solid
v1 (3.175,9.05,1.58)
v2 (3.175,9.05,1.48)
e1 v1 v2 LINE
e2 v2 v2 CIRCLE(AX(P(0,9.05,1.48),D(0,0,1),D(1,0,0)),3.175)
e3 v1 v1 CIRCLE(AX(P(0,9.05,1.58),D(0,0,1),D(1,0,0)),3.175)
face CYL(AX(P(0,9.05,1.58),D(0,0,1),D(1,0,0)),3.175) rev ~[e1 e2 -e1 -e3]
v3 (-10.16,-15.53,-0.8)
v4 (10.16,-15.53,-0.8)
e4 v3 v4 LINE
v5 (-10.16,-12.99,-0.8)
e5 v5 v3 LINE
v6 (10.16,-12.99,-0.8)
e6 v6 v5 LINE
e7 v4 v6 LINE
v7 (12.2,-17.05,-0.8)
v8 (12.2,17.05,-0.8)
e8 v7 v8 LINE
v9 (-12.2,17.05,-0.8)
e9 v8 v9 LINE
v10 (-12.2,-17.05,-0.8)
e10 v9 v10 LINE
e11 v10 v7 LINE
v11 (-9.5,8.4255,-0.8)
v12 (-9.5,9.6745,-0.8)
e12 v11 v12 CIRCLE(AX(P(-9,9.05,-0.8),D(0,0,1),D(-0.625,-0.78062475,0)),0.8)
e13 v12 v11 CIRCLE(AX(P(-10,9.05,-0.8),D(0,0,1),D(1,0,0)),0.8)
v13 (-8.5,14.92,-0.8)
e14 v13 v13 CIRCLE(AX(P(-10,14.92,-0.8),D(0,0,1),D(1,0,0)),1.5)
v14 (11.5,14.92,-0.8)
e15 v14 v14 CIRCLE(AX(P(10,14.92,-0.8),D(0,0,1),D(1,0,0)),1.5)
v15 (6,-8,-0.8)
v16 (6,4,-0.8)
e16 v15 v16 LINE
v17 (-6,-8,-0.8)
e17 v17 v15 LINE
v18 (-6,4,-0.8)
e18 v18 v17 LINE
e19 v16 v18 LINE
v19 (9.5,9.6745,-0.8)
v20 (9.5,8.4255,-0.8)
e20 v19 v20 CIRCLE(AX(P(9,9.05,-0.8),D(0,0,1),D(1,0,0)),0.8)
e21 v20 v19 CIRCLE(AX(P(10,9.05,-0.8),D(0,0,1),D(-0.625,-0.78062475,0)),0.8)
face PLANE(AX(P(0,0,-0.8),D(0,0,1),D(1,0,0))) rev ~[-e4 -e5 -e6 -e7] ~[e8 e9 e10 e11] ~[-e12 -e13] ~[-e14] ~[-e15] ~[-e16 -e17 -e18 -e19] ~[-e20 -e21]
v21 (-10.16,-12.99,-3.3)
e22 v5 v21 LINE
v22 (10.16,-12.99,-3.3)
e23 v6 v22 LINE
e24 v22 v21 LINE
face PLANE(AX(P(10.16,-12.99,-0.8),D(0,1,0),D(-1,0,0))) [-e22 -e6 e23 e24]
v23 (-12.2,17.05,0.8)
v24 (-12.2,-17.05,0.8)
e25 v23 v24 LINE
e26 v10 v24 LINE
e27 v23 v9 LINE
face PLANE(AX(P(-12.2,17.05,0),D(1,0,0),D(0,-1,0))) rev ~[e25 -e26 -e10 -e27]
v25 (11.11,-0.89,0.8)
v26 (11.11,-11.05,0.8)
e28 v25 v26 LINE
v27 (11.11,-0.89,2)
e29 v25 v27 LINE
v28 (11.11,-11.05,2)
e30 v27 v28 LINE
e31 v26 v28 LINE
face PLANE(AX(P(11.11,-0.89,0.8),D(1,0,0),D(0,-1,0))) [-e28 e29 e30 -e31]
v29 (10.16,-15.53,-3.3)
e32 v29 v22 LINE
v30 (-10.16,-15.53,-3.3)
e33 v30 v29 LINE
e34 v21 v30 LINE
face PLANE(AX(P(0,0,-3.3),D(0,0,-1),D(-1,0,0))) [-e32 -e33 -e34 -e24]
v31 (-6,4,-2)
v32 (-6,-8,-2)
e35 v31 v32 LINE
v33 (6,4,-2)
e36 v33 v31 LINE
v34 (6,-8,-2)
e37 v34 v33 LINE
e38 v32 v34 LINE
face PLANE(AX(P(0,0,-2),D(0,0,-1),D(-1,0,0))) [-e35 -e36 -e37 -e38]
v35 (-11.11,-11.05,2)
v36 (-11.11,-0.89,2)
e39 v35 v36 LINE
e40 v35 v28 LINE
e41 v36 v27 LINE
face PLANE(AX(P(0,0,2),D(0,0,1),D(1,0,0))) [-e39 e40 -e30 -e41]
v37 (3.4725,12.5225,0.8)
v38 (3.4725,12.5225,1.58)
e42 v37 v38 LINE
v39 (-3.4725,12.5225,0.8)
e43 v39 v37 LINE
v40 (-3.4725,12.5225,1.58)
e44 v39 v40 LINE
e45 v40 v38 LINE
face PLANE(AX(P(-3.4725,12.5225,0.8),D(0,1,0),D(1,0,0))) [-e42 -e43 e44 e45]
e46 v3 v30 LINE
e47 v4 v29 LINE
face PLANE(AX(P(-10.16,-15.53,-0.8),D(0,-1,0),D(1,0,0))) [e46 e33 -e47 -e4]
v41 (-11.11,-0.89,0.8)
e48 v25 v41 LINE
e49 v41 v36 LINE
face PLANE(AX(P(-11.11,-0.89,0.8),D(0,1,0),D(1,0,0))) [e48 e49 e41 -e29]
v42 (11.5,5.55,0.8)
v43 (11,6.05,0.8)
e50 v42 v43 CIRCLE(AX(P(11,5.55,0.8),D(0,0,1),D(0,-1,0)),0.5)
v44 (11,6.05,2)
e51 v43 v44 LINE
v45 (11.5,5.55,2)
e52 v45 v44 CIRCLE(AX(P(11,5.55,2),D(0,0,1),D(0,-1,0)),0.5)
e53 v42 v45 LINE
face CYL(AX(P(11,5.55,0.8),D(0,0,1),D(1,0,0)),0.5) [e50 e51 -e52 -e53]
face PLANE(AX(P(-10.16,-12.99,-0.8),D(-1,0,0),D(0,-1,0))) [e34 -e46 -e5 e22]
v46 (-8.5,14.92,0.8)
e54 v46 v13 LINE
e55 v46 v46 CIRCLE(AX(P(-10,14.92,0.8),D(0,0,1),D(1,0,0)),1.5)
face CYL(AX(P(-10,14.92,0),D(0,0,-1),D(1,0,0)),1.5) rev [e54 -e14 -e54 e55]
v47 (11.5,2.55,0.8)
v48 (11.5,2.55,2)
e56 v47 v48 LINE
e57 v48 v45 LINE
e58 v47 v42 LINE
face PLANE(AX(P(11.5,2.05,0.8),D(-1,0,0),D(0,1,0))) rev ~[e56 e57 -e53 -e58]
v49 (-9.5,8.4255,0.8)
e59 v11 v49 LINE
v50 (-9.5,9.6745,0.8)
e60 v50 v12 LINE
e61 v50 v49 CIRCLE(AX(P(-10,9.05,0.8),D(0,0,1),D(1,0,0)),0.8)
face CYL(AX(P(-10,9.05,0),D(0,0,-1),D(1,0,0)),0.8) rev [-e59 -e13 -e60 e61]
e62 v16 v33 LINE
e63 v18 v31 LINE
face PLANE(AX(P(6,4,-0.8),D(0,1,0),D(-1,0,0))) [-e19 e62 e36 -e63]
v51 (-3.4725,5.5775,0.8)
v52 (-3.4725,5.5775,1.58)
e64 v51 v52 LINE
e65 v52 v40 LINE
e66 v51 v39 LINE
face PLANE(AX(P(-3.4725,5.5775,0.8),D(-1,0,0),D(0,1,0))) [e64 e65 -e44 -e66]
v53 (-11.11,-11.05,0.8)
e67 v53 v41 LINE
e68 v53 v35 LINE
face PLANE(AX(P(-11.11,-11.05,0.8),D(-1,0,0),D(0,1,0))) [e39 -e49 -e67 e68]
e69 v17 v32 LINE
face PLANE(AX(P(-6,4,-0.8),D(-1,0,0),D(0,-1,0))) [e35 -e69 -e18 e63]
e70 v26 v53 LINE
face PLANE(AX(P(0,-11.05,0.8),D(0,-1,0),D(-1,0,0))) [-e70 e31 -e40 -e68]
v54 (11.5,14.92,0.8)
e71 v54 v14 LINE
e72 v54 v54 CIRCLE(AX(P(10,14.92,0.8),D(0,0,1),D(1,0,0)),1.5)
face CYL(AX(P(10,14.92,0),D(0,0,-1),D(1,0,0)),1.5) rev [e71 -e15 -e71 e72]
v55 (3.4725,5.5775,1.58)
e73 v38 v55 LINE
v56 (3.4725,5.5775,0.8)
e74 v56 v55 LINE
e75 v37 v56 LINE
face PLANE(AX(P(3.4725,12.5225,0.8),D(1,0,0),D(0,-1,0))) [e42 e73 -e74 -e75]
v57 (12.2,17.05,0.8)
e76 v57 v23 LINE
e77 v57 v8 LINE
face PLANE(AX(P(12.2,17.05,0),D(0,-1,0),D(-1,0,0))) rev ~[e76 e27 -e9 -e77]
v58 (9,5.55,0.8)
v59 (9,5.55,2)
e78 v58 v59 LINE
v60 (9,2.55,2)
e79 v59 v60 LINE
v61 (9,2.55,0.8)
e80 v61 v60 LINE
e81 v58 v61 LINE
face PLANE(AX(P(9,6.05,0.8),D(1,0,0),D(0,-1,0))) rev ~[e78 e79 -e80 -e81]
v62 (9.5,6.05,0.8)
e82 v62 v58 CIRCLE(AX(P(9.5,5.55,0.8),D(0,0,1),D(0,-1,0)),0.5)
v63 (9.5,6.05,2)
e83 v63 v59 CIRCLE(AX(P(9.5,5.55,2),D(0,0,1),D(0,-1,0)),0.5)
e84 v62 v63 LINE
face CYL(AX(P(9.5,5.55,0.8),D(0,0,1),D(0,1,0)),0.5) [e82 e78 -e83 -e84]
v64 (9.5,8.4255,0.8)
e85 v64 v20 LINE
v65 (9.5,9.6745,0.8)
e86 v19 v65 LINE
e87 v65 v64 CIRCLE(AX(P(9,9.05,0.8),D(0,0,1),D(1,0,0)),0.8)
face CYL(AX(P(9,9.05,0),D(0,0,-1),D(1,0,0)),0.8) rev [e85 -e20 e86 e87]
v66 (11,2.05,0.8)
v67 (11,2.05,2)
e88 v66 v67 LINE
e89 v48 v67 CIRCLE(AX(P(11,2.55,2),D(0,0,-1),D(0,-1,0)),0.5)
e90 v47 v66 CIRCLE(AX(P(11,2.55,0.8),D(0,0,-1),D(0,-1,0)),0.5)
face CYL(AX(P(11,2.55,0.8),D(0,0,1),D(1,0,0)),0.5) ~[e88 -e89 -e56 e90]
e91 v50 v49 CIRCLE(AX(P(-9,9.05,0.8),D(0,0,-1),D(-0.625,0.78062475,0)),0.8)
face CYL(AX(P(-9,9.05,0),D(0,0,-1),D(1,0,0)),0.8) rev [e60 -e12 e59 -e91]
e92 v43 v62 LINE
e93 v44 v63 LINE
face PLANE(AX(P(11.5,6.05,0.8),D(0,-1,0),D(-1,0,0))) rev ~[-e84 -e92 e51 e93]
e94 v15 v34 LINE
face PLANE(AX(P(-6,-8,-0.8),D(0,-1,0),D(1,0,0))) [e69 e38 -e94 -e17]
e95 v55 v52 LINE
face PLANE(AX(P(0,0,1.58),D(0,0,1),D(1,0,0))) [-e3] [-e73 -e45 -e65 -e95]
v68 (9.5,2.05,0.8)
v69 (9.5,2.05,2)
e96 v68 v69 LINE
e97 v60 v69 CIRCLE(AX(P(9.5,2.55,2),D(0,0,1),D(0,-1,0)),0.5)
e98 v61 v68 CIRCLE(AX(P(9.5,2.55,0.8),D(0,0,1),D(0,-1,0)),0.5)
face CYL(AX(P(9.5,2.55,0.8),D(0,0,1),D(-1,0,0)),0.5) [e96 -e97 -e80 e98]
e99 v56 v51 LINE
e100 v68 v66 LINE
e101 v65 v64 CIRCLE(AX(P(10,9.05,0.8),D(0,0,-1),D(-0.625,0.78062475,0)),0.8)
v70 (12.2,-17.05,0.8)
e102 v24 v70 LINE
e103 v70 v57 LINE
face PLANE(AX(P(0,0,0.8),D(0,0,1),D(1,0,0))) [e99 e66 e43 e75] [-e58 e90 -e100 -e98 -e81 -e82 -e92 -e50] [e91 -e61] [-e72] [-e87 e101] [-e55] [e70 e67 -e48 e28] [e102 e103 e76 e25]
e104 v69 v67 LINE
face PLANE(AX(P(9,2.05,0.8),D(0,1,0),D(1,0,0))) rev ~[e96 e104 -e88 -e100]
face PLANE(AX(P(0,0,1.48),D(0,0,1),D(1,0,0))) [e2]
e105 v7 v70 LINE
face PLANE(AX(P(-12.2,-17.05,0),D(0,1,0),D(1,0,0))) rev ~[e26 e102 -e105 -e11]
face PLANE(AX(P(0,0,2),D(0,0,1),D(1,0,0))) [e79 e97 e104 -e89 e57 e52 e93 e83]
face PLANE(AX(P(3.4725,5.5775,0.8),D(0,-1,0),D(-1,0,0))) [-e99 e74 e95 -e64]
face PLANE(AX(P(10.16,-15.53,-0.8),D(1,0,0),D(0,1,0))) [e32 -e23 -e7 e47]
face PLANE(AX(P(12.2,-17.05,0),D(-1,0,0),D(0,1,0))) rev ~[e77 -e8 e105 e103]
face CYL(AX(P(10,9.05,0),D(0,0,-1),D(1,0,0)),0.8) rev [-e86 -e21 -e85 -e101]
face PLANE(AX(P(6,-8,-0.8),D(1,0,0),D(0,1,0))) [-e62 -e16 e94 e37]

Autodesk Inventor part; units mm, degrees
ref_plane "YZ Plane" through (0, 0, 0) normal (1, 0, 0) x (0, 1, 0)
ref_plane "XZ Plane" through (0, 0, 0) normal (0, 1, 0) x (-1, 0, 0)
ref_plane "XY Plane" through (0, 0, 0) normal (0, 0, 1) x (1, 0, 0)
sketch "Sketch1" plane through (0, 0, 0) normal (0, 0, 1) x (1, 0, 0)
  line L0 (-12.2, -17.05) -> (12.2, -17.05)
  line L1 (12.2, -17.05) -> (12.2, 17.05)
  line L2 (12.2, 17.05) -> (-12.2, 17.05)
  line L3 (-12.2, 17.05) -> (-12.2, -17.05)
  line L4 (-12.2, -17.05) -> (12.2, 17.05) construction
  line L5 (12.2, -17.05) -> (-12.2, 17.05) construction
  circle A0 centre (-10, 14.92) radius 1.5
  circle A1 centre (10, 14.92) radius 1.5
  line L6 (-10, 14.92) -> (10, 14.92) construction
  circle A2 centre (-9, 9.05) radius 0.8
  circle A3 centre (-10, 9.05) radius 0.8
  circle A4 centre (9, 9.05) radius 0.8
  circle A5 centre (10, 9.05) radius 0.8
  line L7 (-9, 9.05) -> (9, 9.05) construction
  line L8 (-10, 9.05) -> (10, 9.05) construction
  point P0 (0, 0)
  point P1 (0, 9.05)
  point P2 (0, 14.92)
  point P3 (0, 0)
  point P4 (0, 0)
  dimension "d0" = 24.4
  dimension "d1" = 34.1
  dimension "d2" = 2.13
  dimension "d3" = 3
  dimension "d4" = 10
  dimension "d13" = 20
  dimension "d14" = 18
  dimension "d15" = 1.6
  dimension "d16" = 8
extrude "Extrusion1" add sketch "Sketch1" along normal mid plane 1.6
sketch "Sketch2" plane through (0, 0, -0.8) normal (0, 0, -1) x (-1, 0, 0)
  circle A0 centre (-10, 14.92) radius 1.5 projected
  circle A1 centre (10, 14.92) radius 1.5 projected
  line L0 (-12.2, -17.05) -> (12.2, -17.05) projected
  line L1 (12.2, -17.05) -> (12.2, 17.05) projected
  line L2 (12.2, 17.05) -> (-12.2, 17.05) projected
  line L3 (-12.2, 17.05) -> (-12.2, -17.05) projected
  line L4 (-10.16, -12.99) -> (10.16, -12.99)
  line L5 (10.16, -12.99) -> (10.16, -15.53)
  line L6 (10.16, -15.53) -> (-10.16, -15.53)
  line L7 (-10.16, -15.53) -> (-10.16, -12.99)
  point P0 (0, 0)
  point P1 (0, -12.99)
  point P2 (-10.16, -14.26)
  dimension "d8" = 2.54
  dimension "d9" = 20.32
  dimension "d10" = 2.79
extrude "Extrusion2" add sketch "Sketch2" along normal blind 2.5 contours L4 L5 L6 L7
sketch "Sketch3" plane through (0, 0, 0.8) normal (0, 0, 1) x (1, 0, 0)
  circle A0 centre (10, 14.92) radius 1.5 projected
  circle A1 centre (-10, 14.92) radius 1.5 projected
  arc A2 (-9.5, 8.4255) -> (-9.5, 9.6745) centre (-9, 9.05) ccw projected
  arc A3 (-9.5, 9.6745) -> (-9.5, 8.4255) centre (-10, 9.05) ccw projected
  line L0 (-12.2, -17.05) -> (12.2, -17.05) projected
  line L1 (12.2, -17.05) -> (12.2, 17.05) projected
  line L2 (12.2, 17.05) -> (-12.2, 17.05) projected
  line L3 (-12.2, 17.05) -> (-12.2, -17.05) projected
  arc A4 (9.5, 9.6745) -> (9.5, 8.4255) centre (9, 9.05) ccw projected
  arc A5 (9.5, 8.4255) -> (9.5, 9.6745) centre (10, 9.05) ccw projected
  line L4 (-3.4725, 12.5225) -> (3.4725, 12.5225)
  line L5 (3.4725, 12.5225) -> (3.4725, 5.5775)
  line L6 (3.4725, 5.5775) -> (-3.4725, 5.5775)
  line L7 (-3.4725, 5.5775) -> (-3.4725, 12.5225)
  point P0 (0, 0)
  point P1 (3.4725, 9.05)
  point P2 (0, 12.5225)
  dimension "d17" = 6.945
extrude "Extrusion3" add sketch "Sketch3" along normal blind 0.78 contours L4 L5 L6 L7
sketch "Sketch4" plane through (0, 0, 1.58) normal (0, 0, 1) x (1, 0, 0)
  line L0 (3.4725, 12.5225) -> (-3.4725, 12.5225) projected
  line L1 (-3.4725, 12.5225) -> (-3.4725, 5.5775) projected
  line L2 (-3.4725, 5.5775) -> (3.4725, 5.5775) projected
  line L3 (3.4725, 5.5775) -> (3.4725, 12.5225) projected
  circle A0 centre (0, 9.05) radius 3.175
  point P0 (0, 0)
  point P1 (0, 12.5225)
  point P2 (-3.4725, 9.05)
  dimension "d20" = 6.35
extrude "Extrusion4" cut sketch "Sketch4" against normal blind 0.1 contours A0
sketch "Sketch5" plane through (0, 0, 0.8) normal (0, 0, 1) x (1, 0, 0)
  line L0 (3.4725, 12.5225) -> (3.4725, 5.5775) projected
  line L1 (3.4725, 5.5775) -> (-3.4725, 5.5775) projected
  line L2 (-3.4725, 5.5775) -> (-3.4725, 12.5225) projected
  line L3 (-3.4725, 12.5225) -> (3.4725, 12.5225) projected
  circle A0 centre (10, 14.92) radius 1.5 projected
  circle A1 centre (-10, 14.92) radius 1.5 projected
  arc A2 (-9.5, 8.4255) -> (-9.5, 9.6745) centre (-9, 9.05) ccw projected
  arc A3 (-9.5, 9.6745) -> (-9.5, 8.4255) centre (-10, 9.05) ccw projected
  line L4 (-12.2, -17.05) -> (12.2, -17.05) projected
  line L5 (12.2, -17.05) -> (12.2, 17.05) projected
  line L6 (12.2, 17.05) -> (-12.2, 17.05) projected
  line L7 (-12.2, 17.05) -> (-12.2, -17.05) projected
  arc A4 (9.5, 9.6745) -> (9.5, 8.4255) centre (9, 9.05) ccw projected
  arc A5 (9.5, 8.4255) -> (9.5, 9.6745) centre (10, 9.05) ccw projected
  line L8 (-11.11, -0.89) -> (11.11, -0.89)
  line L9 (11.11, -0.89) -> (11.11, -11.05)
  line L10 (11.11, -11.05) -> (-11.11, -11.05)
  line L11 (-11.11, -11.05) -> (-11.11, -0.89)
  circle A6 centre (0, 9.05) radius 3.175 projected
  line L12 (0, 1.05) -> (0, -12.99)
  point P0 (0, 0)
  point P1 (0, -0.89)
  point P2 (-11.11, -5.97)
  point P3 (0, -5.97)
  dimension "d24" = 22.22
  dimension "d25" = 10.16
  dimension "d26" = 8
extrude "Extrusion5" add sketch "Sketch5" along normal blind 1.2 contours L8 L12 L10 L11 | L8 L9 L10 L12
sketch "Sketch6" plane through (0, 0, 0.8) normal (0, 0, 1) x (1, 0, 0)
  line L0 (11.11, -0.89) -> (11.11, -11.05) projected
  line L1 (11.11, -11.05) -> (-11.11, -11.05) projected
  line L2 (-11.11, -11.05) -> (-11.11, -0.89) projected
  line L3 (-11.11, -0.89) -> (11.11, -0.89) projected
  line L4 (3.4725, 12.5225) -> (3.4725, 5.5775) projected
  line L5 (3.4725, 5.5775) -> (-3.4725, 5.5775) projected
  line L6 (-3.4725, 5.5775) -> (-3.4725, 12.5225) projected
  line L7 (-3.4725, 12.5225) -> (3.4725, 12.5225) projected
  circle A0 centre (10, 14.92) radius 1.5 projected
  circle A1 centre (-10, 14.92) radius 1.5 projected
  arc A2 (-9.5, 8.4255) -> (-9.5, 9.6745) centre (-9, 9.05) ccw projected
  arc A3 (-9.5, 9.6745) -> (-9.5, 8.4255) centre (-10, 9.05) ccw projected
  line L8 (-12.2, -17.05) -> (12.2, -17.05) projected
  line L9 (12.2, -17.05) -> (12.2, 17.05) projected
  line L10 (12.2, 17.05) -> (-12.2, 17.05) projected
  line L11 (-12.2, 17.05) -> (-12.2, -17.05) projected
  arc A4 (9.5, 9.6745) -> (9.5, 8.4255) centre (9, 9.05) ccw projected
  arc A5 (9.5, 8.4255) -> (9.5, 9.6745) centre (10, 9.05) ccw projected
  line L12 (11.5, 6.05) -> (9, 6.05)
  line L13 (9, 6.05) -> (9, 2.05)
  line L14 (9, 2.05) -> (11.5, 2.05)
  line L15 (11.5, 2.05) -> (11.5, 6.05)
  line L16 (12.2, 17.05) -> (-12.2, 17.05) construction
  line L17 (-8, 1.05) -> (8, 1.05) construction
  line L18 (8, 1.05) -> (8, 17.05) construction
  line L19 (8, 17.05) -> (-8, 17.05) construction
  line L20 (-8, 17.05) -> (-8, 1.05) construction
  line L21 (-8, 1.05) -> (8, 17.05) construction
  line L22 (8, 1.05) -> (-8, 17.05) construction
  circle A6 centre (0, 9.05) radius 3.175 construction
  point P0 (0, 0)
  dimension "d29" = 2.5
  dimension "d30" = 4
  dimension "d31" = 3
  dimension "d32" = 9
extrude "Extrusion6" add sketch "Sketch6" along normal blind 1.2 contours L15 L14 L13 L12
sketch "Sketch7" plane through (0, 0, -0.8) normal (0, 0, -1) x (-1, 0, 0)
  line L0 (6, -8) -> (-6, -8)
  line L1 (-6, -8) -> (-6, 4)
  line L2 (-6, 4) -> (6, 4)
  line L3 (6, 4) -> (6, -8)
  line L4 (6, -8) -> (-6, 4) construction
  line L5 (-6, -8) -> (6, 4) construction
  point P0 (0, 0)
  point P1 (0, -2)
  point P2 (0, -2)
  dimension "d35" = 12
  dimension "d36" = 2
extrude "Extrusion7" add sketch "Sketch7" along normal blind 1.2
fillet "Fillet1" radius 0.5 4 edges at (9, 6.05, 1.4) (11.5, 6.05, 1.4) (11.5, 2.05, 1.4) (9, 2.05, 1.4)
equation "\"d9\" = 8 * d8"
properties part number "66-0005" material "Epoxy Resin"
